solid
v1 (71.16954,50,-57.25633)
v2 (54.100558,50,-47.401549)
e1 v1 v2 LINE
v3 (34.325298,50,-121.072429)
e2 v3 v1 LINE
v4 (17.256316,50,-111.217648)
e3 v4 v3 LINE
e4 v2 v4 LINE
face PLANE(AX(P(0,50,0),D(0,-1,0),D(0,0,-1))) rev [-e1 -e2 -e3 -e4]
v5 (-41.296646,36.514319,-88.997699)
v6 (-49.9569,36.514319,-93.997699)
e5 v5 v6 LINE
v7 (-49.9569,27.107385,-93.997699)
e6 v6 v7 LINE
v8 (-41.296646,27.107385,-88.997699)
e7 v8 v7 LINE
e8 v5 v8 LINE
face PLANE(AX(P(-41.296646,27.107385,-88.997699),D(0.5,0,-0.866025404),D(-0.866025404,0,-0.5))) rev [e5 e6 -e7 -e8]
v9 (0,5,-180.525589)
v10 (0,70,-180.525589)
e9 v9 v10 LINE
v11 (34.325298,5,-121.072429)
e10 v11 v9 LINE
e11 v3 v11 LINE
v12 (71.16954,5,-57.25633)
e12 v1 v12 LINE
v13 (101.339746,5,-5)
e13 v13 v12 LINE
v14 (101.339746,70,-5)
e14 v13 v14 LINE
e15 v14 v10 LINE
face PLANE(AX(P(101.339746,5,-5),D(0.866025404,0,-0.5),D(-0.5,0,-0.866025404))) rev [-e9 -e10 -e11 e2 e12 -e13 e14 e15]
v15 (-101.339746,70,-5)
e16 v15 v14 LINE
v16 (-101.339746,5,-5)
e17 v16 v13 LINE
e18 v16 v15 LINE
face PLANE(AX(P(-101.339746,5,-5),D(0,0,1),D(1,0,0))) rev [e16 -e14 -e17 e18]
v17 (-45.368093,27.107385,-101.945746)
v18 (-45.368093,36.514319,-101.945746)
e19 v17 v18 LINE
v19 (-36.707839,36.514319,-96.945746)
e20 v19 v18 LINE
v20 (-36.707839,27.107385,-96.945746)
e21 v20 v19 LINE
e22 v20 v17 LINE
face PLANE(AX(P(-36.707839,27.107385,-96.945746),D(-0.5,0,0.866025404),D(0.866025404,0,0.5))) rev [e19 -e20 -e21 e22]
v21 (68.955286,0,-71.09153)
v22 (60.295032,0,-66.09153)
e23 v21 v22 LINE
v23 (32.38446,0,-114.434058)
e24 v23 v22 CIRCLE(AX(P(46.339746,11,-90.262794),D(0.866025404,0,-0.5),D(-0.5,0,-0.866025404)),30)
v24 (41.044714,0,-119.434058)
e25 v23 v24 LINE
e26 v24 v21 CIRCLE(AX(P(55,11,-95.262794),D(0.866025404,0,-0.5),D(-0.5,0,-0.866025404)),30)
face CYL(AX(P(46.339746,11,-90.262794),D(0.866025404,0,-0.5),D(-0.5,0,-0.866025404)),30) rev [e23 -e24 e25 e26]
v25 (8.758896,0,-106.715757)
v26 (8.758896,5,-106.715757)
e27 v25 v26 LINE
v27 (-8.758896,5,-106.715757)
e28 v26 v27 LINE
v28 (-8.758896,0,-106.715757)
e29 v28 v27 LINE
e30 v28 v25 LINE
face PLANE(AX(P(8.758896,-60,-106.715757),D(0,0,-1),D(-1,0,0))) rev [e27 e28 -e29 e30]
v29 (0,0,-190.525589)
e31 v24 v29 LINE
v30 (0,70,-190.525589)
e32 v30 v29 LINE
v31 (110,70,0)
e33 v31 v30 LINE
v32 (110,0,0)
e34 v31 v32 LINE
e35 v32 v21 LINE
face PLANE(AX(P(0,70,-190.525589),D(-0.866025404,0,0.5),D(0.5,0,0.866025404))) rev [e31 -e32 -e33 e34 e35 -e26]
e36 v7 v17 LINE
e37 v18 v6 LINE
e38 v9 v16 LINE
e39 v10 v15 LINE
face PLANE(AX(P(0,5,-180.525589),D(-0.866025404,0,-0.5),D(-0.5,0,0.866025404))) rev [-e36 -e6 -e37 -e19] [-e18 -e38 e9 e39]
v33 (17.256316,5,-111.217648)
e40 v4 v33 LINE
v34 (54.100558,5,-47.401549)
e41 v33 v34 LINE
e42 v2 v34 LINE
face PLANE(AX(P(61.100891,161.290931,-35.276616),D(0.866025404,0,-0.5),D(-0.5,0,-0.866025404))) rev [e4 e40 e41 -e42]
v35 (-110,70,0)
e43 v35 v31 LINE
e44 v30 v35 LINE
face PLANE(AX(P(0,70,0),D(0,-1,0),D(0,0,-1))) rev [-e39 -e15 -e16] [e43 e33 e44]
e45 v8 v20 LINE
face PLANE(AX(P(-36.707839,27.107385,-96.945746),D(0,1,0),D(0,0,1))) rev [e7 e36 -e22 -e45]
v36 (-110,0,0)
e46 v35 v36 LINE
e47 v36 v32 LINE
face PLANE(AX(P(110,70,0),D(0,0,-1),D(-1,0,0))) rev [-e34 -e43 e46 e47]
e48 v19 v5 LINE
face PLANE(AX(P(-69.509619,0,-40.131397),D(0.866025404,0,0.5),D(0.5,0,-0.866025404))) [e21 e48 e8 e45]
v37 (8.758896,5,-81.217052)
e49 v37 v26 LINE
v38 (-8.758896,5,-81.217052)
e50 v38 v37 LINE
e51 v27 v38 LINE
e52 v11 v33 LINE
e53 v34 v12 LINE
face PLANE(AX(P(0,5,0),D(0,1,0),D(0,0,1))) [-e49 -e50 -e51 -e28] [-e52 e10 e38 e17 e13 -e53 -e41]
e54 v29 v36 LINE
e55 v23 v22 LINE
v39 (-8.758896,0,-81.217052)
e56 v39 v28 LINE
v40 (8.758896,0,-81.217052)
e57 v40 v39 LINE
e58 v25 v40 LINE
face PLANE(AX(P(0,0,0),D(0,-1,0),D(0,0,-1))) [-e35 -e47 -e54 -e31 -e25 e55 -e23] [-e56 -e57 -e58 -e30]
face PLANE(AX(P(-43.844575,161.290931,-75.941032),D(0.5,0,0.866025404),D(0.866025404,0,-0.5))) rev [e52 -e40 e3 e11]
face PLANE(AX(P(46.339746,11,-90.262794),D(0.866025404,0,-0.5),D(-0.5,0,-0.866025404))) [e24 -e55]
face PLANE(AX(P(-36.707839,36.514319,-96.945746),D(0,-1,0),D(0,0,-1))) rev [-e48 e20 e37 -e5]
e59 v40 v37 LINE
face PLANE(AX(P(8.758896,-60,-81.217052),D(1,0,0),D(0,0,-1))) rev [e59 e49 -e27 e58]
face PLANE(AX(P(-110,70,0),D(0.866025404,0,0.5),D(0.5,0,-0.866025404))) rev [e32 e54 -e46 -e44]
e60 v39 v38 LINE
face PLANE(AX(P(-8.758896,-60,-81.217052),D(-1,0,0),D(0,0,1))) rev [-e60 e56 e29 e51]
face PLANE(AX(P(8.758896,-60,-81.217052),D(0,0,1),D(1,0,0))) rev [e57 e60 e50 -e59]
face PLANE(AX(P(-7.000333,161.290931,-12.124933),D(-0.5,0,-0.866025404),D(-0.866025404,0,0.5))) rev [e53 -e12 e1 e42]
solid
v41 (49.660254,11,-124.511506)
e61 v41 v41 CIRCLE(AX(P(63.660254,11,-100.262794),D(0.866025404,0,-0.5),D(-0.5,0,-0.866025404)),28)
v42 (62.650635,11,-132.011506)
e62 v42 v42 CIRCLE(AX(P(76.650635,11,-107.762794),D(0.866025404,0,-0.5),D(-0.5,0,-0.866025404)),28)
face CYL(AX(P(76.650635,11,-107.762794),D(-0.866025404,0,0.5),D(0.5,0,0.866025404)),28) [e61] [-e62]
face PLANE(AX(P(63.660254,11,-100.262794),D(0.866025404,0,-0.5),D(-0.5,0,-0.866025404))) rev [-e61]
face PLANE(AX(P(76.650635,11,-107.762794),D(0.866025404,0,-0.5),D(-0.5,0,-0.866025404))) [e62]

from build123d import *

# Parameters (mm, degrees)
BOSS_EXTRUDE1_DEPTH = 70
CUT_EXTRUDE1_DEPTH  = 65
SKETCH3_R           = 28
BOSS_EXTRUDE2_DEPTH = 15
SKETCH4_R           = 2
CUT_EXTRUDE2_DEPTH  = 65
SKETCH5_W           = 17.517791656
SKETCH5_H           = 25.498705067
CUT_EXTRUDE3_DEPTH  = 65
SKETCH6_W           = 9.177614019
SKETCH6_H           = 9.406934548
BOSS_EXTRUDE3_DEPTH = 10
BOSS_EXTRUDE4_DEPTH = 45
SKETCH7_R           = 30
CUT_EXTRUDE4_DEPTH  = 10


with BuildPart() as part:
    # Sketch1 → Boss-Extrude1 (new body)
    with BuildSketch(Plane(origin=(0, 0, 0), x_dir=(1, 0, 0), z_dir=(0, 1, 0))):
        Polygon((110, 0), (-110, 0), (0, 190.525588833), align=None)
    extrude(amount=BOSS_EXTRUDE1_DEPTH)

    # Sketch2 → Cut-Extrude1 (cut)
    with BuildSketch(Plane(origin=(0, 70, 0), x_dir=(1, 0, 0), z_dir=(0, 1, 0))):
        Polygon((-101.339745962, 5), (101.339745962, 5), (0, 180.525588833), align=None)
    extrude(amount=-CUT_EXTRUDE1_DEPTH, mode=Mode.SUBTRACT)

    # Sketch4 → Cut-Extrude2 (cut)
    with BuildSketch(Plane(origin=(82.5, 0, -47.631397208), x_dir=(-0.5, 0, -0.8660254037844386), z_dir=(0.8660254037844387, 0, -0.5000000000000001))):
        with Locations((55, 11)):
            Circle(SKETCH4_R)
    extrude(amount=-CUT_EXTRUDE2_DEPTH, mode=Mode.SUBTRACT)

    # Sketch5 → Cut-Extrude3 (cut)
    with BuildSketch(Plane(origin=(0, 5, 0), x_dir=(1, 0, 0), z_dir=(0, 1, 0))):
        with Locations((0, 93.96640493)):
            Rectangle(SKETCH5_W, SKETCH5_H)
    extrude(amount=-CUT_EXTRUDE3_DEPTH, mode=Mode.SUBTRACT)

    # Sketch6 → Boss-Extrude3 (add)
    with BuildSketch(Plane(origin=(-78.169872981, 0, -45.131397208), x_dir=(0.49999999999999983, 0, -0.8660254037844387), z_dir=(0.8660254037844387, 0, 0.49999999999999983))):
        with Locations((61.014752259, 31.810852178)):
            Rectangle(SKETCH6_W, SKETCH6_H)
    extrude(amount=BOSS_EXTRUDE3_DEPTH)

    # Sketch8 → Boss-Extrude4 (add)
    with BuildSketch(Plane(origin=(0, 5, 0), x_dir=(1, 0, 0), z_dir=(0, 1, 0))):
        Polygon((71.169539548, 57.256330384), (34.325297845, 121.07242898), (17.256316286, 111.217647881), (54.100557988, 47.401549286), align=None)
    extrude(amount=BOSS_EXTRUDE4_DEPTH)

    # Sketch7 → Cut-Extrude4 (cut)
    with BuildSketch(Plane(origin=(82.5, 0, -47.631397208), x_dir=(-0.5, 0, -0.8660254037844386), z_dir=(0.8660254037844387, 0, -0.5000000000000001))):
        with Locations((55, 11)):
            Circle(SKETCH7_R)
    extrude(amount=-CUT_EXTRUDE4_DEPTH, mode=Mode.SUBTRACT)


with BuildPart() as body_2:
    # Sketch3 → Boss-Extrude2 (new body)
    with BuildSketch(Plane(origin=(91.160254038, 0, -52.631397208), x_dir=(-0.5, 0, -0.8660254037844386), z_dir=(0.8660254037844387, 0, -0.5000000000000001))):
        with Locations((55, 11)):
            Circle(SKETCH3_R)
    extrude(amount=BOSS_EXTRUDE2_DEPTH)


solid = Compound([part.part, body_2.part])
